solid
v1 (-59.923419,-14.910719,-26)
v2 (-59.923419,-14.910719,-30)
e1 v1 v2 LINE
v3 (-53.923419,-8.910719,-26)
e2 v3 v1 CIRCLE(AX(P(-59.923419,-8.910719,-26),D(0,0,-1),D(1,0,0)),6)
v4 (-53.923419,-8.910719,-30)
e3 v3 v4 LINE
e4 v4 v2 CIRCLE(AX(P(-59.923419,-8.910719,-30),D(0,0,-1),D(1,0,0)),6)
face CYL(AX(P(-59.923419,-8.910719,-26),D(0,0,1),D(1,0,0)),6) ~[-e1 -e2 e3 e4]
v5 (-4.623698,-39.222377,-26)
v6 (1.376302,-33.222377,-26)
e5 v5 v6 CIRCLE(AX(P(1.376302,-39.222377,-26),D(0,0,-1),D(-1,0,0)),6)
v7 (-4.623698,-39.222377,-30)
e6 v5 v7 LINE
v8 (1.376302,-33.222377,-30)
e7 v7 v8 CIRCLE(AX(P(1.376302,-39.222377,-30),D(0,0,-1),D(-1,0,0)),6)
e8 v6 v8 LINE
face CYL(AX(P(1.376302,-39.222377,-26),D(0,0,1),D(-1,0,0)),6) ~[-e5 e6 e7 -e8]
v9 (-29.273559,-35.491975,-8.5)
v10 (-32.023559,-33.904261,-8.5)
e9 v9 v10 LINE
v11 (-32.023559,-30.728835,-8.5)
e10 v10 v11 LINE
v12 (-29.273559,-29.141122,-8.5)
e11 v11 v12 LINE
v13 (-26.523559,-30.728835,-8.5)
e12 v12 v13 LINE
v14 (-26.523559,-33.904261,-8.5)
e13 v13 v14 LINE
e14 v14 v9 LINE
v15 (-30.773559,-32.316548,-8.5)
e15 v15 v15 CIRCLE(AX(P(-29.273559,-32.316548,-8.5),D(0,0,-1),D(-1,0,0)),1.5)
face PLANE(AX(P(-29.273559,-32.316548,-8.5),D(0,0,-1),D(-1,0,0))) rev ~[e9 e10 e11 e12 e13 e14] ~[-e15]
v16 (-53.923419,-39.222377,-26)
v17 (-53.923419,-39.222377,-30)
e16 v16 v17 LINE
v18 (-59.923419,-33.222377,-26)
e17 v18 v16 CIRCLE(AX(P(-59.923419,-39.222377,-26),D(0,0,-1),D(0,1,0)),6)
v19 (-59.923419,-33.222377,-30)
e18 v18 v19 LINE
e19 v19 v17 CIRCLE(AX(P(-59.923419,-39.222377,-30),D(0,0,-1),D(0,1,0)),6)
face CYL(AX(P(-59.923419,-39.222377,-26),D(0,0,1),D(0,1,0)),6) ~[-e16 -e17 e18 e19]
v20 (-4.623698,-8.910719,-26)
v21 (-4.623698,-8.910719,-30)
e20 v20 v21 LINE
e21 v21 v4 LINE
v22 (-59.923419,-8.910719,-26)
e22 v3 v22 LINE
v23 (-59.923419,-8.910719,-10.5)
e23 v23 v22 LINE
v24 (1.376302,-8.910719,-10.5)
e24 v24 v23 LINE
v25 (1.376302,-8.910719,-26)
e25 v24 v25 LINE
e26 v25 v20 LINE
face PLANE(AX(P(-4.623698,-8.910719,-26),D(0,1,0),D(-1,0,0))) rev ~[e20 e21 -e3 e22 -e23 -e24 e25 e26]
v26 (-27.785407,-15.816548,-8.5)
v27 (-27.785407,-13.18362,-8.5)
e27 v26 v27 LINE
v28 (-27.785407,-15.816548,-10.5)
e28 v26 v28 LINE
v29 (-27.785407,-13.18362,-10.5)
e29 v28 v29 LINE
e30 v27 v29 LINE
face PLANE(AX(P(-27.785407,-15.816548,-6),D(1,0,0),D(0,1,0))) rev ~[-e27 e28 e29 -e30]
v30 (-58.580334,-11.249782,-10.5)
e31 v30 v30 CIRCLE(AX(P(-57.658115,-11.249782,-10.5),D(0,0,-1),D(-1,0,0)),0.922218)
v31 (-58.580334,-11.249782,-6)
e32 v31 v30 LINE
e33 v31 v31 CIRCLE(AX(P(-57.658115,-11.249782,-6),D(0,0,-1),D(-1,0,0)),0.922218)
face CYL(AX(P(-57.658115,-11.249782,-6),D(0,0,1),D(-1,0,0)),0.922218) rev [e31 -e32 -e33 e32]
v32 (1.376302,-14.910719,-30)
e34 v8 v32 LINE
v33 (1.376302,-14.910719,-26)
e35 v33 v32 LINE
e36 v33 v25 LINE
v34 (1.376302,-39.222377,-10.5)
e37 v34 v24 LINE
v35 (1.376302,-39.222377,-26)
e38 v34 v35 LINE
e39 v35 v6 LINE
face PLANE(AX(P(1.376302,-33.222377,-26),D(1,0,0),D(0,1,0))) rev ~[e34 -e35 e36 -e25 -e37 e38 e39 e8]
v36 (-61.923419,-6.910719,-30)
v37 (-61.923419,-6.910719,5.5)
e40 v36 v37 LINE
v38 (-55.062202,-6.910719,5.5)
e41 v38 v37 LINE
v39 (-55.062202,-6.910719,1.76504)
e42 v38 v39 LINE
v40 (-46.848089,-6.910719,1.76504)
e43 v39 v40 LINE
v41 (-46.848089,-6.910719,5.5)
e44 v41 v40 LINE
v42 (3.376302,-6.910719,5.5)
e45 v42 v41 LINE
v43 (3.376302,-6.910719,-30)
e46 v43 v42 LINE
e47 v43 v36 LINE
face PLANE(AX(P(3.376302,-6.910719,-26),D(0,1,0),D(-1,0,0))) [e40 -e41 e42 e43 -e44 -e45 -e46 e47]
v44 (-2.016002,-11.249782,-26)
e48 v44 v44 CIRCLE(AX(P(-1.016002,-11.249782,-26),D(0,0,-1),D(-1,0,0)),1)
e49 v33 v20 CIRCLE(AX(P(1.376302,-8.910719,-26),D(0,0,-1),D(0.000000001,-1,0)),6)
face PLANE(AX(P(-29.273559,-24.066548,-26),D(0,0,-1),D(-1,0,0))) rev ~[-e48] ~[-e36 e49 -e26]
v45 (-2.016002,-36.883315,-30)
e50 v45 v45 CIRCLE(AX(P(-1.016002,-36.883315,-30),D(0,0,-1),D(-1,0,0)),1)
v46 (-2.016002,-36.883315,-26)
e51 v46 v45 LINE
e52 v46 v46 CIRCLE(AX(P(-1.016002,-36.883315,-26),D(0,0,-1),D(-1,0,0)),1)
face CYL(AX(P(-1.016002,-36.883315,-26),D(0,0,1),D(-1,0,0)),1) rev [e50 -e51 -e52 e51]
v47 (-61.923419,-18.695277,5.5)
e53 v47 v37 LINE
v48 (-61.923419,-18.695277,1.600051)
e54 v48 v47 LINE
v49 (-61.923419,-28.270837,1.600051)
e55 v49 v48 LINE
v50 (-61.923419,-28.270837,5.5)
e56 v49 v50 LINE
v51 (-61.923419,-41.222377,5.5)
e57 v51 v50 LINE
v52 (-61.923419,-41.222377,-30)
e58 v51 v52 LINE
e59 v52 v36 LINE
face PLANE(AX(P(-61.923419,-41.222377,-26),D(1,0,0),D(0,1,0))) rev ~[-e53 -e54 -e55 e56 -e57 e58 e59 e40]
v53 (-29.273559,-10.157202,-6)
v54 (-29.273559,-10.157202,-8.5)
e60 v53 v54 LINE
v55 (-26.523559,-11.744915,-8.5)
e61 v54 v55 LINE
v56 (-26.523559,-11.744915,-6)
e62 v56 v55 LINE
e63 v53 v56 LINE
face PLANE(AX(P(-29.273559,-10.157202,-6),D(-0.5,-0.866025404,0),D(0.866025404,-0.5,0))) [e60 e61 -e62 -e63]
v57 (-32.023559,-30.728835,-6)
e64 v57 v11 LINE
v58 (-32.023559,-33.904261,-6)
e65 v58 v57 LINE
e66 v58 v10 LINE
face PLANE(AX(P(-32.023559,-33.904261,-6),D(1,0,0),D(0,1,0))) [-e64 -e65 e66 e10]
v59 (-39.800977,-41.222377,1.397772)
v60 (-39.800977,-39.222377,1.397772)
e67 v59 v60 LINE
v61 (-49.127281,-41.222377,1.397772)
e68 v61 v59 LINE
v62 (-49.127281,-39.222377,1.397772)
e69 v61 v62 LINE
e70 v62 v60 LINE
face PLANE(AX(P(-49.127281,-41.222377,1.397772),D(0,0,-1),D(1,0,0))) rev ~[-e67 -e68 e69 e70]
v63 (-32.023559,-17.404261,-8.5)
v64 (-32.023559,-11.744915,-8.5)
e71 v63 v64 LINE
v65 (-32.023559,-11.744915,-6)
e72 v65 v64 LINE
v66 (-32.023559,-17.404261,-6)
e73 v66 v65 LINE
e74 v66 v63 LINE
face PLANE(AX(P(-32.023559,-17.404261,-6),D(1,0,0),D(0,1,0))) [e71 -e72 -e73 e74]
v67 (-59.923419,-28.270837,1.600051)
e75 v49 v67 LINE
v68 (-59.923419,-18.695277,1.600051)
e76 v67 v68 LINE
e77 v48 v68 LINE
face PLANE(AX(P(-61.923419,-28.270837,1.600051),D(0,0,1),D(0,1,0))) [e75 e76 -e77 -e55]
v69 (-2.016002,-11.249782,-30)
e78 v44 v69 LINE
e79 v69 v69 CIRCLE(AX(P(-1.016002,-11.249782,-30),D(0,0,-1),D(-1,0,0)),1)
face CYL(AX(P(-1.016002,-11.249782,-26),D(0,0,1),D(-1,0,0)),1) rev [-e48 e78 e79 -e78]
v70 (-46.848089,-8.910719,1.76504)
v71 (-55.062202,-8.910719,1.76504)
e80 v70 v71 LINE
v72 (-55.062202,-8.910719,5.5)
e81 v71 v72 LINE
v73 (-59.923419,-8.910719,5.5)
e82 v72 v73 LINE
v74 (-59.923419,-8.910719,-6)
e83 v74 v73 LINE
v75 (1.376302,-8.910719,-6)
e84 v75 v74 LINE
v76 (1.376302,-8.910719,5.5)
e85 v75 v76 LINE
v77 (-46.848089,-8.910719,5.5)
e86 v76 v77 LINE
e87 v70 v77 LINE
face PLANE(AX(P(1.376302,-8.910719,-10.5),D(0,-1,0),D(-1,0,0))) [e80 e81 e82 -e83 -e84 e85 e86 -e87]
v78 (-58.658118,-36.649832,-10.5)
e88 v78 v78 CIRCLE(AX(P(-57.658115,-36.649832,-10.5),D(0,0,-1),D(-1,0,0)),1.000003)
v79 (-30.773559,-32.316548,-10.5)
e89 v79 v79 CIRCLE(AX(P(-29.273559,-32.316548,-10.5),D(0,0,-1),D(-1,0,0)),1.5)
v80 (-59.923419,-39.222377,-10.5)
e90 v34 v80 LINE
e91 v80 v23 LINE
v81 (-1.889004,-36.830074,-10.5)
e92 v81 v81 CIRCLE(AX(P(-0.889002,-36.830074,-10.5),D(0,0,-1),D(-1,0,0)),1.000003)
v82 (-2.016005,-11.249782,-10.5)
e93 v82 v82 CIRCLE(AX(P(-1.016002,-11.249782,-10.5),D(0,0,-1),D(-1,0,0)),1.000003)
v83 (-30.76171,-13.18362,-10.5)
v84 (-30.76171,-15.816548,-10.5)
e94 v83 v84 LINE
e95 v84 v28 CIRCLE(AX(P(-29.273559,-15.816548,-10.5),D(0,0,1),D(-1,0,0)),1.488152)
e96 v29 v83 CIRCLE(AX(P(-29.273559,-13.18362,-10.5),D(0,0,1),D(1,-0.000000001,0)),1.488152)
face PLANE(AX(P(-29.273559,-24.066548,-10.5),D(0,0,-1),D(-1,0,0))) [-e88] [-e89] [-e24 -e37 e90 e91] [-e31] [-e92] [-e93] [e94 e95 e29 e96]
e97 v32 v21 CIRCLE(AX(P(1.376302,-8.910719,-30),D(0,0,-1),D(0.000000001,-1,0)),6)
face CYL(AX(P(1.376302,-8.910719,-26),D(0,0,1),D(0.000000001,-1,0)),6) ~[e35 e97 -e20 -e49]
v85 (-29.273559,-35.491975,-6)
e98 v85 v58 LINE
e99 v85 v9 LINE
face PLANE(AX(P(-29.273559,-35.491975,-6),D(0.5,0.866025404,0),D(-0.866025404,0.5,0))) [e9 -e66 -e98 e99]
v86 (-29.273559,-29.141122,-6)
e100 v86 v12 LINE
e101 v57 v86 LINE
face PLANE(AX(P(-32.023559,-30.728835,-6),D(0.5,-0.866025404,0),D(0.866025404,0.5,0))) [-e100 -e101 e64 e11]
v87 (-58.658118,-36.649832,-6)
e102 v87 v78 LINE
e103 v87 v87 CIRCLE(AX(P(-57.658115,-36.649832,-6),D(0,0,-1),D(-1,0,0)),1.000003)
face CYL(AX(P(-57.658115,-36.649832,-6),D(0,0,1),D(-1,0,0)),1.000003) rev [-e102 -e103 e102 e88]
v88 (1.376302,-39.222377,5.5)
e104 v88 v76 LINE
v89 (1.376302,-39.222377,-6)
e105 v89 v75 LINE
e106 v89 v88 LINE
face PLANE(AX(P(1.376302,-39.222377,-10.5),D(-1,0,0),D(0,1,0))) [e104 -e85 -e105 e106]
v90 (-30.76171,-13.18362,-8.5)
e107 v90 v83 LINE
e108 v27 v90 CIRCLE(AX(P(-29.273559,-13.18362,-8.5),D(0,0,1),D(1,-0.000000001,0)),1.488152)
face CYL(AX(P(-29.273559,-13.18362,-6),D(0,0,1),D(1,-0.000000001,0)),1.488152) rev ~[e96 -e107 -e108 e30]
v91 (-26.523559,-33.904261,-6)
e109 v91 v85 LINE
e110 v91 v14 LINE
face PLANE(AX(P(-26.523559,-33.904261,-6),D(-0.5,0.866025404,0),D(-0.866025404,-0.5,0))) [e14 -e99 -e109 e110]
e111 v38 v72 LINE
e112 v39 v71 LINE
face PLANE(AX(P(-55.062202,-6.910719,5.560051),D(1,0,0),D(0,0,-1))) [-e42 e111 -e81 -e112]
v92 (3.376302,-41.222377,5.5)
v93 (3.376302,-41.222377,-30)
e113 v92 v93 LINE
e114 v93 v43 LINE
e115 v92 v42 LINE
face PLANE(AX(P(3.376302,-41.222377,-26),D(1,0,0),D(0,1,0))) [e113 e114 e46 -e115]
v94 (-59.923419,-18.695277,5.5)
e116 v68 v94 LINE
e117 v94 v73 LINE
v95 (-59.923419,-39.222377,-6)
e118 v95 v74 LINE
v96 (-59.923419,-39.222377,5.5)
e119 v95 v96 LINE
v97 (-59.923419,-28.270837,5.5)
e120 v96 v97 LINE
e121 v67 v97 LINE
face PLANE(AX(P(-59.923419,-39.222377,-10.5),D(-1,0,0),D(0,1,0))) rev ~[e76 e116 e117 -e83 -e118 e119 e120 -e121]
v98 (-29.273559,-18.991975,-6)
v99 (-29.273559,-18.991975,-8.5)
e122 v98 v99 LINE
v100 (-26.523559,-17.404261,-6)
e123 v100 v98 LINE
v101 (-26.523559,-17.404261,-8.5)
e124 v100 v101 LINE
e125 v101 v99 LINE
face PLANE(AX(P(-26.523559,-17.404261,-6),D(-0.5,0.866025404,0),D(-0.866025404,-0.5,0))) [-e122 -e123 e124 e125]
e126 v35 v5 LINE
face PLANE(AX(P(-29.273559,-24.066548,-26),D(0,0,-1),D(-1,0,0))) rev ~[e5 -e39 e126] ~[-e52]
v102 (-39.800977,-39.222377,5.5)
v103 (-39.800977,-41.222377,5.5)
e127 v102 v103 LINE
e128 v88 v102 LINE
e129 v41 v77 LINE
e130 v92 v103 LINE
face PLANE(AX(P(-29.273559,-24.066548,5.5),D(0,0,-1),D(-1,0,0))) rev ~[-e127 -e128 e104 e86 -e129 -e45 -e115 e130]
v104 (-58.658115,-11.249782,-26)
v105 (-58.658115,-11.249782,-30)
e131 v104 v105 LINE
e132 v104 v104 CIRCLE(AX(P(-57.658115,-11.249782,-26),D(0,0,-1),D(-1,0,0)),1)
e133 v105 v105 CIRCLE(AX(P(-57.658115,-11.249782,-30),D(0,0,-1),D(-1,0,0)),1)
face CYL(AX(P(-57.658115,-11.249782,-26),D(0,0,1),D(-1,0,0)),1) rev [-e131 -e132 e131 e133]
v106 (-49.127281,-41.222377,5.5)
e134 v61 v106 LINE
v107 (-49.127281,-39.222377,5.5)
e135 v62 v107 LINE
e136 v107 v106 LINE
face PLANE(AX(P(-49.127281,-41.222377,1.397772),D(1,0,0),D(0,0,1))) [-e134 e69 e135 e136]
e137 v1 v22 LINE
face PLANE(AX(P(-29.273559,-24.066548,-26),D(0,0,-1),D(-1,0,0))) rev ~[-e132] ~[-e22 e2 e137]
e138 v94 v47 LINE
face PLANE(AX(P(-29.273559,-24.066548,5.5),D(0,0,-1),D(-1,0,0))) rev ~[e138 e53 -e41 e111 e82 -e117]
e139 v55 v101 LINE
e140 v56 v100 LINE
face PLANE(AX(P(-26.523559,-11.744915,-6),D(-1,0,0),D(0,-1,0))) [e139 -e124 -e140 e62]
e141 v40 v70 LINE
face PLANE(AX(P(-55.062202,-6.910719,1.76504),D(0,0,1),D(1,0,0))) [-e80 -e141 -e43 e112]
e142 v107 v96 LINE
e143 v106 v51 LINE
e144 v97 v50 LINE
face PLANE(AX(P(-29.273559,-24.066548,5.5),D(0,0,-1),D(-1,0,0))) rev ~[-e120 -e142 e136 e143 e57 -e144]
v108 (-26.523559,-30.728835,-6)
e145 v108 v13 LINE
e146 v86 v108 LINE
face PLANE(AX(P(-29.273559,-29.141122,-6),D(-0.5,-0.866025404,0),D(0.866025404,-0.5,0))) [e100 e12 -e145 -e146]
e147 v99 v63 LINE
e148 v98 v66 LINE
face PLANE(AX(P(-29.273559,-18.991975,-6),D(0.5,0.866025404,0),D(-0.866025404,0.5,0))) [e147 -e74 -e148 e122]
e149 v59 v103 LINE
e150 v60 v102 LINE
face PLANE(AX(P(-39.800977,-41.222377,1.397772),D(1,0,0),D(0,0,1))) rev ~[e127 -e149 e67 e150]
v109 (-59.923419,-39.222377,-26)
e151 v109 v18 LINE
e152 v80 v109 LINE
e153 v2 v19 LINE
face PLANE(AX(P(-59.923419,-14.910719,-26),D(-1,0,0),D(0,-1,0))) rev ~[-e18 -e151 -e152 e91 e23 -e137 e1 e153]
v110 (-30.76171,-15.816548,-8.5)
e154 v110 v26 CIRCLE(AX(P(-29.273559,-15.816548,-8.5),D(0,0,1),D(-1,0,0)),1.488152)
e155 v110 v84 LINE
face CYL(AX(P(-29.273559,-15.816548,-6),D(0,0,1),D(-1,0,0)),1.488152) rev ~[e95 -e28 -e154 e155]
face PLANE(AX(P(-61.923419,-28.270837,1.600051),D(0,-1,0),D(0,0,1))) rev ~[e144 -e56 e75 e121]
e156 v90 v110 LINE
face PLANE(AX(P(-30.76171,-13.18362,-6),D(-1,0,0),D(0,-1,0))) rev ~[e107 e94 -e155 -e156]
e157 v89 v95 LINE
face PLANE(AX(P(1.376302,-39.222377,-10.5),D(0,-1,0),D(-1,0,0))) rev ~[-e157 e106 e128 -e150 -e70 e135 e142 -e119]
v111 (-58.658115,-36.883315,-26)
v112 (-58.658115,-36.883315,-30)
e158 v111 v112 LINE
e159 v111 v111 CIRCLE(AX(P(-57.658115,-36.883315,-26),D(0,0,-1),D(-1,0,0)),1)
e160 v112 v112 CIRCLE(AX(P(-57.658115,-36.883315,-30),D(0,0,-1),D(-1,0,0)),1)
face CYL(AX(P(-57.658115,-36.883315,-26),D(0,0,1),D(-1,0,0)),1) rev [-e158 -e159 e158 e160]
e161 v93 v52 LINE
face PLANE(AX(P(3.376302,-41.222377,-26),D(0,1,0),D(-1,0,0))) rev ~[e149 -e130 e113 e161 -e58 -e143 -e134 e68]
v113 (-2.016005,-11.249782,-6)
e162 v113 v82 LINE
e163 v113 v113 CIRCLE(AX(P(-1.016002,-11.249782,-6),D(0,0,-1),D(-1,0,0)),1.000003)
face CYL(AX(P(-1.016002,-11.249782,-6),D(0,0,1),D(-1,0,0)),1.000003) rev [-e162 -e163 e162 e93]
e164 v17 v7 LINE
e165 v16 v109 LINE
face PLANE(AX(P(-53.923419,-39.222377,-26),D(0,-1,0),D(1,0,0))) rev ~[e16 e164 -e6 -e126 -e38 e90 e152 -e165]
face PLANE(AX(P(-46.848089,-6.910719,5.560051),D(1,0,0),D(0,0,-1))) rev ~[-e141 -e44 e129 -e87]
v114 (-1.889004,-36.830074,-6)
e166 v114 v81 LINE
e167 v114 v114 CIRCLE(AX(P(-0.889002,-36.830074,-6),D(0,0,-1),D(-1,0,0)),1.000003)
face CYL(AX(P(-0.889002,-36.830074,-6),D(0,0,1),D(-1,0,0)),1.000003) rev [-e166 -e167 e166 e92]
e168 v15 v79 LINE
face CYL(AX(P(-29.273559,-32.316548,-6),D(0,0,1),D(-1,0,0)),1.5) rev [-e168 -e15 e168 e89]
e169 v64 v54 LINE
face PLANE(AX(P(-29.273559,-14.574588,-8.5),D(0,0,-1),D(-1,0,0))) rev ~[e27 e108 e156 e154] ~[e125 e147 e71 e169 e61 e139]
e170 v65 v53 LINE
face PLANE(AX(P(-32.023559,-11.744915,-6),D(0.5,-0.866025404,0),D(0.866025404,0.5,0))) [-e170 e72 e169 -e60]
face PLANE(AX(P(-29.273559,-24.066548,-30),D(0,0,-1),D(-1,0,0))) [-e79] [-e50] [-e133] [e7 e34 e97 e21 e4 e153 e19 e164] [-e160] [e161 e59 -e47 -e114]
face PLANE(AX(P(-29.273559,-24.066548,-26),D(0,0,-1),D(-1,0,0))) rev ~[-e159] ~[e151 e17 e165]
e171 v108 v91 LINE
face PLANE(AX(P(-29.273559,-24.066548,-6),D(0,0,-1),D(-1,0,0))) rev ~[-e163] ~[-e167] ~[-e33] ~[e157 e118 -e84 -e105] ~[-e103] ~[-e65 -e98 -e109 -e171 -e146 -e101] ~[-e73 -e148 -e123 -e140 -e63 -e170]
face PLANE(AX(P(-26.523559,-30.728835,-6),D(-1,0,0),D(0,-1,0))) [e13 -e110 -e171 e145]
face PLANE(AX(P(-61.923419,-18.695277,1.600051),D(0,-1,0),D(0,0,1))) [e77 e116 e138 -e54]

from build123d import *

# Parameters (mm, degrees)
SKETCH_2_W           = 65.2997206
SKETCH_2_H           = 34.311658624
SKETCH_2_R           = 1.00000254
SKETCH_2_R_2         = 0.922218434
SKETCH_2_R_3         = 1.5
EXTRUDE_2_DEPTH      = 4.5
SKETCH_3_R           = 1.5
CUT_EXTRUDE_2_DEPTH  = 2.5
SKETCH_5_W           = 65.2997206
SKETCH_5_H           = 34.311658624
SKETCH_5_W_2         = 61.2997206
SKETCH_5_H_2         = 30.311658624
EXTRUDE_3_DEPTH      = 15.5
EXTRUDE_3_DEPTH_BACK = 16
SKETCH_7_W           = 8.214112973
SKETCH_7_H           = 3.795011114
CUT_EXTRUDE_4_DEPTH  = 3
SKETCH_8_W           = 4
SKETCH_8_H           = 9.575559499
CUT_EXTRUDE_5_DEPTH  = 3
SKETCH_9_W           = 9.326303795
SKETCH_9_H           = 4.202278939
CUT_EXTRUDE_6_DEPTH  = 3
SKETCH_10_W          = 65.2997206
SKETCH_10_H          = 34.311658624
SKETCH_10_R          = 1
EXTRUDE_4_DEPTH      = 4


with BuildPart() as part:
    # 草图2 → 凸台-拉伸2 (new body)
    with BuildSketch(Plane(origin=(0, 0, -6), x_dir=(-1, 0, 0), z_dir=(0, 0, -1))):
        with Locations((29.273558547, -24.066548133)):
            Rectangle(SKETCH_2_W, SKETCH_2_H)
        with Locations((1.016002032, -11.24978156)):
            Circle(SKETCH_2_R, mode=Mode.SUBTRACT)
        with Locations((0.889001778, -36.83007366)):
            Circle(SKETCH_2_R, mode=Mode.SUBTRACT)
        with Locations((57.658115316, -36.64983236)):
            Circle(SKETCH_2_R, mode=Mode.SUBTRACT)
        with Locations((57.658115316, -11.24978156)):
            Circle(SKETCH_2_R_2, mode=Mode.SUBTRACT)
        with Locations((29.273558547, -32.316548133)):
            Circle(SKETCH_2_R_3, mode=Mode.SUBTRACT)
        with BuildLine():
            Line((27.785407033, -15.816548133), (27.785407033, -13.183619987))
            ThreePointArc((27.785407033, -13.183619987), (29.273558547, -11.695468472), (30.761710061, -13.183619987))
            Line((30.761710061, -13.183619987), (30.761710061, -15.816548133))
            ThreePointArc((30.761710061, -15.816548133), (29.273558547, -17.304699647), (27.785407033, -15.816548133))
        make_face(mode=Mode.SUBTRACT)
    extrude(amount=EXTRUDE_2_DEPTH)

    # 草图3 → 切除-拉伸2 (cut)
    with BuildSketch(Plane(origin=(0, 0, -6), x_dir=(-1, 0, 0), z_dir=(0, 0, -1))):
        Polygon((29.273558547, -18.991974614), (32.023558547, -17.404261373), (32.023558547, -14.920341582), (32.023558547, -14.228834893), (32.023558547, -11.744915102), (29.273558547, -10.157201862), (26.523558547, -11.744915102), (26.523558547, -14.228834893), (26.523558547, -14.920341582), (26.523558547, -17.404261373), align=None)
        with BuildLine():
            ThreePointArc((30.761710061, -15.816548133), (29.273558547, -17.304699647), (27.785407033, -15.816548133))
            Line((27.785407033, -15.816548133), (27.785407033, -13.183619987))
            ThreePointArc((27.785407033, -13.183619987), (29.273558547, -11.695468472), (30.761710061, -13.183619987))
            Line((30.761710061, -13.183619987), (30.761710061, -15.816548133))
        make_face(mode=Mode.SUBTRACT)
        Polygon((26.523558547, -30.728834893), (26.523558547, -33.904261373), (29.273558547, -35.491974614), (32.023558547, -33.904261373), (32.023558547, -30.728834893), (29.273558547, -29.141121653), align=None)
        with Locations((29.273558547, -32.316548133)):
            Circle(SKETCH_3_R, mode=Mode.SUBTRACT)
    extrude(amount=CUT_EXTRUDE_2_DEPTH, mode=Mode.SUBTRACT)

    # 草图5 → 凸台-拉伸3 (add, two sides)
    with BuildSketch(Plane(origin=(0, 0, -10.5), x_dir=(-1, 0, 0), z_dir=(0, 0, -1))) as extrude_3_sk:
        with Locations((29.273558547, -24.066548133)):
            Rectangle(SKETCH_5_W, SKETCH_5_H)
        with Locations((29.273558547, -24.066548133)):
            Rectangle(SKETCH_5_W_2, SKETCH_5_H_2, mode=Mode.SUBTRACT)
    extrude(amount=EXTRUDE_3_DEPTH)
    extrude(extrude_3_sk.sketch, amount=-EXTRUDE_3_DEPTH_BACK)

    # 草图7 → 切除-拉伸4 (cut)
    with BuildSketch(Plane(origin=(0, -6.910718821, 0), x_dir=(1, 0, 0), z_dir=(0, 1, 0))):
        with Locations((-50.955145133, -3.662545243)):
            Rectangle(SKETCH_7_W, SKETCH_7_H)
    extrude(amount=-CUT_EXTRUDE_4_DEPTH, mode=Mode.SUBTRACT)

    # 草图8 → 切除-拉伸5 (cut)
    with BuildSketch(Plane.ZY.offset(61.923418847)):
        with Locations((3.6000508, -23.483057223)):
            Rectangle(SKETCH_8_W, SKETCH_8_H)
    extrude(amount=-CUT_EXTRUDE_5_DEPTH, mode=Mode.SUBTRACT)

    # 草图9 → 切除-拉伸6 (cut)
    with BuildSketch(Plane.XZ.offset(41.222377445)):
        with Locations((-44.464129124, 3.49891133)):
            Rectangle(SKETCH_9_W, SKETCH_9_H)
    extrude(amount=-CUT_EXTRUDE_6_DEPTH, mode=Mode.SUBTRACT)

    # 草图10 → 凸台-拉伸4 (add)
    with BuildSketch(Plane(origin=(0, 0, -26), x_dir=(-1, 0, 0), z_dir=(0, 0, -1))):
        with Locations((29.273558547, -24.066548133)):
            Rectangle(SKETCH_10_W, SKETCH_10_H)
        Polygon((-1.376301753, -14.910718821), (-1.376301753, -8.910718821), (4.623698247, -8.910718821), (53.923418847, -8.910718821), (59.923418847, -8.910718821), (59.923418847, -14.910718821), (59.923418847, -33.222377445), (59.923418847, -39.222377445), (53.923418847, -39.222377445), (4.623698247, -39.222377445), (-1.376301753, -39.222377445), (-1.376301753, -33.222377445), align=None, mode=Mode.SUBTRACT)
        with BuildLine():
            Line((4.623698247, -8.910718821), (-1.376301753, -8.910718821))
            Line((-1.376301753, -8.910718821), (-1.376301753, -14.910718821))
            ThreePointArc((-1.376301753, -14.910718821), (2.866338935, -13.153359509), (4.623698247, -8.910718821))
        make_face()
        with Locations((1.016002032, -11.24978156)):
            Circle(SKETCH_10_R, mode=Mode.SUBTRACT)
        with BuildLine():
            ThreePointArc((4.623698247, -39.222377445), (2.866338935, -34.979736758), (-1.376301753, -33.222377445))
            Line((-1.376301753, -33.222377445), (-1.376301753, -39.222377445))
            Line((-1.376301753, -39.222377445), (4.623698247, -39.222377445))
        make_face()
        with Locations((1.016002032, -36.883314707)):
            Circle(SKETCH_10_R, mode=Mode.SUBTRACT)
        with BuildLine():
            Line((59.923418847, -39.222377445), (59.923418847, -33.222377445))
            ThreePointArc((59.923418847, -33.222377445), (55.68077816, -34.979736758), (53.923418847, -39.222377445))
            Line((53.923418847, -39.222377445), (59.923418847, -39.222377445))
        make_face()
        with Locations((57.658115316, -36.883314707)):
            Circle(SKETCH_10_R, mode=Mode.SUBTRACT)
        with BuildLine():
            Line((59.923418847, -8.910718821), (53.923418847, -8.910718821))
            ThreePointArc((53.923418847, -8.910718821), (55.68077816, -13.153359509), (59.923418847, -14.910718821))
            Line((59.923418847, -14.910718821), (59.923418847, -8.910718821))
        make_face()
        with Locations((57.658115316, -11.24978156)):
            Circle(SKETCH_10_R, mode=Mode.SUBTRACT)
    extrude(amount=EXTRUDE_4_DEPTH)


solid = part.part
